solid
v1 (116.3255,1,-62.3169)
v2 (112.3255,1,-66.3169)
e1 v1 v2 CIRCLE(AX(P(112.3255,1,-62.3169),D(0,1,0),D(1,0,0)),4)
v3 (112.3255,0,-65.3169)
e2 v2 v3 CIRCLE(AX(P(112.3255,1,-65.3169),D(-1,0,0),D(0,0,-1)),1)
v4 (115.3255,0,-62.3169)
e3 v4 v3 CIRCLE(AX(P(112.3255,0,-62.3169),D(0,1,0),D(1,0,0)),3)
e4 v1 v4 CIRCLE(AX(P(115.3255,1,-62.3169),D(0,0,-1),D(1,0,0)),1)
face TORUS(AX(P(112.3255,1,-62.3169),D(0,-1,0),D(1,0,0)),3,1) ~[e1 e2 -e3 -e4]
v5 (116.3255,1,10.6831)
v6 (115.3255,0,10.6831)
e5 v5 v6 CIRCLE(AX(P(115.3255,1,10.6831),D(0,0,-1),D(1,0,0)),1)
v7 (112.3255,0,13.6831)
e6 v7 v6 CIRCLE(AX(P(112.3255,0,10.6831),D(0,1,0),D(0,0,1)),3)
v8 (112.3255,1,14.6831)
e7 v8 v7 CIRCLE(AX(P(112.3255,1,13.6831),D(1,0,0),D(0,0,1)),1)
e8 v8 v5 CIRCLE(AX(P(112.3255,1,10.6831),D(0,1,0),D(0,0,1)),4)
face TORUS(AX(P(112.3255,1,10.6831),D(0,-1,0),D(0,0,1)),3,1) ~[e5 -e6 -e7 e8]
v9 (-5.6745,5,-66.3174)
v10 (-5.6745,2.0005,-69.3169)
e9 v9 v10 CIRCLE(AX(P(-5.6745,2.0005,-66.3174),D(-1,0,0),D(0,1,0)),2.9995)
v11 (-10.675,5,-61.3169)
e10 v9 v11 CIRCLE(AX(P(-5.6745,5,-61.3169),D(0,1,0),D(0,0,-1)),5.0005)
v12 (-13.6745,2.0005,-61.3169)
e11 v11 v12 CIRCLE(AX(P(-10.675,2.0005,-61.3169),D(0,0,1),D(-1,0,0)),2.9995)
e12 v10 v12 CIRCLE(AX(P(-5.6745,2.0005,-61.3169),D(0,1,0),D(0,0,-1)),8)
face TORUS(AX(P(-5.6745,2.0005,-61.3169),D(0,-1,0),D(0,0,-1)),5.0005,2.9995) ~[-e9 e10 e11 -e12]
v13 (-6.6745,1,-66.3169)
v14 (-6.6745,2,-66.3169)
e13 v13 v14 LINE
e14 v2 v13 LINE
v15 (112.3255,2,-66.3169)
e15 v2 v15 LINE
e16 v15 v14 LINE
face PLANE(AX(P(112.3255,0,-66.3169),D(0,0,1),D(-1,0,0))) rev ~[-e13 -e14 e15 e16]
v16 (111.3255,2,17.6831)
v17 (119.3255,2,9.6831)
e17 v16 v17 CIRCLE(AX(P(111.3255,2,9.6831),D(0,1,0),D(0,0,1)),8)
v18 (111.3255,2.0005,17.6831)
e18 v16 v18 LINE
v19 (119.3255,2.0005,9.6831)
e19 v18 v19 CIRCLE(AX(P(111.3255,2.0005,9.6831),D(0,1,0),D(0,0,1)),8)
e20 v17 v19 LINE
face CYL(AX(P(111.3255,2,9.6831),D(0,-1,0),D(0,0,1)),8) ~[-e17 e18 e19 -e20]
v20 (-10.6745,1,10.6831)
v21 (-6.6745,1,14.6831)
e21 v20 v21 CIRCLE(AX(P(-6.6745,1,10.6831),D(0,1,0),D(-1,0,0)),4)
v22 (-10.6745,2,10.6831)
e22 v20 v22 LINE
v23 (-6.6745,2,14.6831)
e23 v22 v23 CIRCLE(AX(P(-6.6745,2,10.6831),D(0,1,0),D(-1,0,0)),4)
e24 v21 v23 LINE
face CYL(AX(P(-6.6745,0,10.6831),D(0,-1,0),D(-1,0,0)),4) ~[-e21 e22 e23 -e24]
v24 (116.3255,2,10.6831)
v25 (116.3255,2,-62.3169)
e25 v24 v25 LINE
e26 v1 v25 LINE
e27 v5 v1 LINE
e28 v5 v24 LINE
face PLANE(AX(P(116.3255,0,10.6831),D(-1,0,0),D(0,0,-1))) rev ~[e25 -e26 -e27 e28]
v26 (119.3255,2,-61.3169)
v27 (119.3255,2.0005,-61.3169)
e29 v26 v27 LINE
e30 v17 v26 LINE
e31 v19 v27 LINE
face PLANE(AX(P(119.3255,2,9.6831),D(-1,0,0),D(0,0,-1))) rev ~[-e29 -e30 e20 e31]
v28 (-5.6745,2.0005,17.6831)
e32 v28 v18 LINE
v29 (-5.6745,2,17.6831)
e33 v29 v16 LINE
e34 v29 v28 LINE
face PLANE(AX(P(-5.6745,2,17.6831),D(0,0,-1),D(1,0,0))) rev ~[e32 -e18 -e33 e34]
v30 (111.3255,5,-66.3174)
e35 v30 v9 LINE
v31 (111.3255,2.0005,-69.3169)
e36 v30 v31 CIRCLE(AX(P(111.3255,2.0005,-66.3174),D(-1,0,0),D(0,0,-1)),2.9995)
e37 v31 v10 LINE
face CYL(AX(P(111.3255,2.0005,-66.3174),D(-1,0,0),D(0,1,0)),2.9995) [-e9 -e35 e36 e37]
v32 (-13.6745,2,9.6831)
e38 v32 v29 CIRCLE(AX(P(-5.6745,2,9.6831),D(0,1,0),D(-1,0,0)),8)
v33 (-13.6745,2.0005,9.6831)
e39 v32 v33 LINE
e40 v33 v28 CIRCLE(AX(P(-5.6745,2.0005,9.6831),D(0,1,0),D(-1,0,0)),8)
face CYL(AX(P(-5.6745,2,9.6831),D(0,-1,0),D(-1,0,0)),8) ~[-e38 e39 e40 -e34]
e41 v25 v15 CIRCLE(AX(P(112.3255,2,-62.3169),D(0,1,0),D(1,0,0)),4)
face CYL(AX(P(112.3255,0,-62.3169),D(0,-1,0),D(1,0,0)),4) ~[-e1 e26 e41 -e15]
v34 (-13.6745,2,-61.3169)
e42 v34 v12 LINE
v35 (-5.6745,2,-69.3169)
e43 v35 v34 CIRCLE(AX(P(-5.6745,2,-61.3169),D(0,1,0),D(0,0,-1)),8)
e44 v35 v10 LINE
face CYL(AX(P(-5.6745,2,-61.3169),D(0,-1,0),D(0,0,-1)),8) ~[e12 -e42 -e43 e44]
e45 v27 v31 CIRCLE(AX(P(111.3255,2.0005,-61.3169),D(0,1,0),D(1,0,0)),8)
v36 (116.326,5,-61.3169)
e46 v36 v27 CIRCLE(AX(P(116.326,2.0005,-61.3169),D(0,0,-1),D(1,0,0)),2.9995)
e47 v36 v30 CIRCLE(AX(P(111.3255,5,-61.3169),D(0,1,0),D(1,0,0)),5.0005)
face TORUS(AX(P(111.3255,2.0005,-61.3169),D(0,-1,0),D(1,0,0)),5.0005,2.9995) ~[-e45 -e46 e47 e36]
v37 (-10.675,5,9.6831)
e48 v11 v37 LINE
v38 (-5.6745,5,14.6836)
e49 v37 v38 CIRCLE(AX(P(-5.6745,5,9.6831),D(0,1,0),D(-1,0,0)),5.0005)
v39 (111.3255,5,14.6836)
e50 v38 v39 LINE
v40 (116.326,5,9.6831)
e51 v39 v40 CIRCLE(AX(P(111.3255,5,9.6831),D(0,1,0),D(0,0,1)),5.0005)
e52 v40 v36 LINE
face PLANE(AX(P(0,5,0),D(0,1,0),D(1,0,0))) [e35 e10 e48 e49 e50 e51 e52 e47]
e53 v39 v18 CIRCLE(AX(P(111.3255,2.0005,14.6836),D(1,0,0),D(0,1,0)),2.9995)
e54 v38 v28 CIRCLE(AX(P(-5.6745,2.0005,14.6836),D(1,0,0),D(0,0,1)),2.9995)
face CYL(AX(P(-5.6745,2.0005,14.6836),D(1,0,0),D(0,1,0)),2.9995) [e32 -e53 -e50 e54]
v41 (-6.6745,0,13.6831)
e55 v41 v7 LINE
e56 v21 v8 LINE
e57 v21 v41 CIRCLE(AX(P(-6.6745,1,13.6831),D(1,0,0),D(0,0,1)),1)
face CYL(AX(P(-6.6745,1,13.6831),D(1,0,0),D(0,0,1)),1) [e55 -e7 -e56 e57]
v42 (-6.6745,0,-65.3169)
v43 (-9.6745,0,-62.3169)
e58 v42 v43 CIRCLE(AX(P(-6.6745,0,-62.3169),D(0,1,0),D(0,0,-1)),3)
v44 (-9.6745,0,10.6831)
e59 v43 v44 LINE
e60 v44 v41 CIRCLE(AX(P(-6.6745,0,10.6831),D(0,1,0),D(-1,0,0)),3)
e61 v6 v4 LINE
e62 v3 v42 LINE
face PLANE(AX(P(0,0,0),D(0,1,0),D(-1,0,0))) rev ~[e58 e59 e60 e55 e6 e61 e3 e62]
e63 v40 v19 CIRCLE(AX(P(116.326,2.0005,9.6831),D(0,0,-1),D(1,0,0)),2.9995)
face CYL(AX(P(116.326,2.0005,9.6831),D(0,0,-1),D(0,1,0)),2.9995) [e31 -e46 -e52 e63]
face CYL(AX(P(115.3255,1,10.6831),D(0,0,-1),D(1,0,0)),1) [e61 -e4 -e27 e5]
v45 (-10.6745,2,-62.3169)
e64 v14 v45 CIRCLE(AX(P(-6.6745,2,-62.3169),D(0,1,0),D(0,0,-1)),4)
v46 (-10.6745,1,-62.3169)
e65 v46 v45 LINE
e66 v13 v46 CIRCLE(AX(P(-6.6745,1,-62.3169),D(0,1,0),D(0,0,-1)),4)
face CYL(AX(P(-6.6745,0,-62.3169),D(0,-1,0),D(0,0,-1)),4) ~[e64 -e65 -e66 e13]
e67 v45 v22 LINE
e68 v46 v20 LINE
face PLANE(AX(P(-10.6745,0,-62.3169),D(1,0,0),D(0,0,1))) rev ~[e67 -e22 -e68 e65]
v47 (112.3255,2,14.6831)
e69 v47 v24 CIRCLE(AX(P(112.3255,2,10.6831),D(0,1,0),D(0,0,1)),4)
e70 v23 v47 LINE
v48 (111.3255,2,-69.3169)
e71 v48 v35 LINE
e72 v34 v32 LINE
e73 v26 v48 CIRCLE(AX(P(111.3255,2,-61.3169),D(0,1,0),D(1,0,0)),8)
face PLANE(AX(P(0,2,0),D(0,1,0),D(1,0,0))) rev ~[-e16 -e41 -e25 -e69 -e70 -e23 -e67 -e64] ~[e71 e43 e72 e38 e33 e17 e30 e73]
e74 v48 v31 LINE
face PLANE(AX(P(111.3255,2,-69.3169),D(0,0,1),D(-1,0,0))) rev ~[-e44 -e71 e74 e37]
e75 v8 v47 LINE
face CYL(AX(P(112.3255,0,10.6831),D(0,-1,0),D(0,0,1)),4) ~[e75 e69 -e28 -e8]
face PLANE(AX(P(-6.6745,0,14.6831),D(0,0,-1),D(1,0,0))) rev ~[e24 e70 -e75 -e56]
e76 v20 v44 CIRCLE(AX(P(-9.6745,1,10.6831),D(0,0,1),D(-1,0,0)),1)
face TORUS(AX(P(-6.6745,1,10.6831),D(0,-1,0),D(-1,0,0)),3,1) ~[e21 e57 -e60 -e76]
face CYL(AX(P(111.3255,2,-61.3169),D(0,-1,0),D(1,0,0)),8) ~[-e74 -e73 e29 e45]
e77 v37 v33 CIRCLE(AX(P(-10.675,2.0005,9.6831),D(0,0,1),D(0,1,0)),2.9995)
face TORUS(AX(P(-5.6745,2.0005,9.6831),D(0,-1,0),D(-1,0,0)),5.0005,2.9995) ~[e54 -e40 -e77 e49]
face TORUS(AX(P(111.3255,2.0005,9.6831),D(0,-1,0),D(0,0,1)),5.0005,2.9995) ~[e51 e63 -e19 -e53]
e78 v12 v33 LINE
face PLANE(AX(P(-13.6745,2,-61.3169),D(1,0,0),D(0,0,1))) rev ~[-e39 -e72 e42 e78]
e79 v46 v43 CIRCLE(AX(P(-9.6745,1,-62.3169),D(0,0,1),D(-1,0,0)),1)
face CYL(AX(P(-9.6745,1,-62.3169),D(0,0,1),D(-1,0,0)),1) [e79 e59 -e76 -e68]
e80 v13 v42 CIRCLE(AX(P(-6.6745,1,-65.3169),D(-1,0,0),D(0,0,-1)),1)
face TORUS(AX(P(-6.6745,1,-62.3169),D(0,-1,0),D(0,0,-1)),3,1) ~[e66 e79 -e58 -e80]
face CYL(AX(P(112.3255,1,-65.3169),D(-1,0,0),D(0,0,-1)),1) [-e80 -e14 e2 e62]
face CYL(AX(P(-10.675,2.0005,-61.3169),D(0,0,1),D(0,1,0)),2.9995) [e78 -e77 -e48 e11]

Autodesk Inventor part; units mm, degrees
ref_plane "YZ Plane" through (0, 0, 0) normal (1, 0, 0) x (0, 1, 0)
ref_plane "XZ Plane" through (0, 0, 0) normal (0, 1, 0) x (-1, 0, 0)
ref_plane "XY Plane" through (0, 0, 0) normal (0, 0, 1) x (1, 0, 0)
sketch "Sketch1" plane through (0, 0, 0) normal (0, 1, 0) x (-1, 0, 0)
  point P0 (0, 0)
sketch "Sketch2" plane through (0, 0, 0) normal (0, 1, 0) x (-1, 0, 0)
  line L0 (6.6745, 14.6831) -> (-112.3255, 14.6831)
  line L1 (-116.3255, 10.6831) -> (-116.3255, -62.3169)
  line L2 (-112.3255, -66.3169) -> (6.6745, -66.3169)
  line L3 (10.6745, -62.3169) -> (10.6745, 10.6831)
  arc A0 (10.6745, 10.6831) -> (6.6745, 14.6831) centre (6.6745, 10.6831) ccw
  arc A1 (6.6745, -66.3169) -> (10.6745, -62.3169) centre (6.6745, -62.3169) ccw
  arc A2 (-116.3255, -62.3169) -> (-112.3255, -66.3169) centre (-112.3255, -62.3169) ccw
  arc A3 (-112.3255, 14.6831) -> (-116.3255, 10.6831) centre (-112.3255, 10.6831) ccw
  point P0 (0, 0)
  point P1 (-116.3255, -66.3169)
  point P2 (-116.3255, 14.6831)
  point P3 (10.6745, -66.3169)
  dimension "d0" = 127
  dimension "d1" = 81
  dimension "d2" = 4
extrude "Extrusion1" add sketch "Sketch2" along normal blind 2
sketch "Sketch3" plane through (0, 2, 0) normal (0, 1, 0) x (1, 0, 0)
  line L0 (-10.6745, 62.3169) -> (-10.6745, -10.6831) projected
  line L1 (-10.6745, -10.6831) -> (-10.6745, -17.6831)
  line L2 (-10.6745, -17.6831) -> (-13.6745, -17.6831)
  line L3 (-5.6745, -17.6831) -> (111.3255, -17.6831)
  line L4 (119.3255, -9.6831) -> (119.3255, 61.3169)
  line L5 (111.3255, 69.3169) -> (-5.6745, 69.3169)
  line L6 (-13.6745, 61.3169) -> (-13.6745, -9.6831)
  arc A0 (-13.6745, -9.6831) -> (-5.6745, -17.6831) centre (-5.6745, -9.6831) ccw
  arc A1 (111.3255, -17.6831) -> (119.3255, -9.6831) centre (111.3255, -9.6831) ccw
  arc A2 (-5.6745, 69.3169) -> (-13.6745, 61.3169) centre (-5.6745, 61.3169) ccw
  arc A3 (119.3255, 61.3169) -> (111.3255, 69.3169) centre (111.3255, 61.3169) ccw
  point P0 (0, 0)
  point P1 (119.3255, 69.3169)
  point P2 (119.3255, -17.6831)
  point P3 (-13.6745, 69.3169)
  dimension "d5" = 7
  dimension "d6" = 3
  dimension "d7" = 133
  dimension "d8" = 87
  dimension "d9" = 8
  dimension "d10" = 8
extrude "Extrusion2" add sketch "Sketch3" along normal blind 3
fillet "Fillet1" radius 3 8 edges at (116.9823, 5, -66.9738) (52.8255, 5, -69.3169) (-11.3314, 5, -66.9738) (-13.6745, 5, -25.8169) (-11.3314, 5, 15.3399) (52.8255, 5, 17.6831) (116.9823, 5, 15.3399) (119.3255, 5, -25.8169)
fillet "Fillet2" radius 1 8 edges at (-9.503, 0, 13.5115) (-10.6745, 0, -25.8169) (-9.503, 0, -65.1453) (52.8255, 0, -66.3169) (115.1539, 0, -65.1453) (116.3255, 0, -25.8169) (115.1539, 0, 13.5115) (52.8255, 0, 14.6831)
properties part number "lid-v2"
